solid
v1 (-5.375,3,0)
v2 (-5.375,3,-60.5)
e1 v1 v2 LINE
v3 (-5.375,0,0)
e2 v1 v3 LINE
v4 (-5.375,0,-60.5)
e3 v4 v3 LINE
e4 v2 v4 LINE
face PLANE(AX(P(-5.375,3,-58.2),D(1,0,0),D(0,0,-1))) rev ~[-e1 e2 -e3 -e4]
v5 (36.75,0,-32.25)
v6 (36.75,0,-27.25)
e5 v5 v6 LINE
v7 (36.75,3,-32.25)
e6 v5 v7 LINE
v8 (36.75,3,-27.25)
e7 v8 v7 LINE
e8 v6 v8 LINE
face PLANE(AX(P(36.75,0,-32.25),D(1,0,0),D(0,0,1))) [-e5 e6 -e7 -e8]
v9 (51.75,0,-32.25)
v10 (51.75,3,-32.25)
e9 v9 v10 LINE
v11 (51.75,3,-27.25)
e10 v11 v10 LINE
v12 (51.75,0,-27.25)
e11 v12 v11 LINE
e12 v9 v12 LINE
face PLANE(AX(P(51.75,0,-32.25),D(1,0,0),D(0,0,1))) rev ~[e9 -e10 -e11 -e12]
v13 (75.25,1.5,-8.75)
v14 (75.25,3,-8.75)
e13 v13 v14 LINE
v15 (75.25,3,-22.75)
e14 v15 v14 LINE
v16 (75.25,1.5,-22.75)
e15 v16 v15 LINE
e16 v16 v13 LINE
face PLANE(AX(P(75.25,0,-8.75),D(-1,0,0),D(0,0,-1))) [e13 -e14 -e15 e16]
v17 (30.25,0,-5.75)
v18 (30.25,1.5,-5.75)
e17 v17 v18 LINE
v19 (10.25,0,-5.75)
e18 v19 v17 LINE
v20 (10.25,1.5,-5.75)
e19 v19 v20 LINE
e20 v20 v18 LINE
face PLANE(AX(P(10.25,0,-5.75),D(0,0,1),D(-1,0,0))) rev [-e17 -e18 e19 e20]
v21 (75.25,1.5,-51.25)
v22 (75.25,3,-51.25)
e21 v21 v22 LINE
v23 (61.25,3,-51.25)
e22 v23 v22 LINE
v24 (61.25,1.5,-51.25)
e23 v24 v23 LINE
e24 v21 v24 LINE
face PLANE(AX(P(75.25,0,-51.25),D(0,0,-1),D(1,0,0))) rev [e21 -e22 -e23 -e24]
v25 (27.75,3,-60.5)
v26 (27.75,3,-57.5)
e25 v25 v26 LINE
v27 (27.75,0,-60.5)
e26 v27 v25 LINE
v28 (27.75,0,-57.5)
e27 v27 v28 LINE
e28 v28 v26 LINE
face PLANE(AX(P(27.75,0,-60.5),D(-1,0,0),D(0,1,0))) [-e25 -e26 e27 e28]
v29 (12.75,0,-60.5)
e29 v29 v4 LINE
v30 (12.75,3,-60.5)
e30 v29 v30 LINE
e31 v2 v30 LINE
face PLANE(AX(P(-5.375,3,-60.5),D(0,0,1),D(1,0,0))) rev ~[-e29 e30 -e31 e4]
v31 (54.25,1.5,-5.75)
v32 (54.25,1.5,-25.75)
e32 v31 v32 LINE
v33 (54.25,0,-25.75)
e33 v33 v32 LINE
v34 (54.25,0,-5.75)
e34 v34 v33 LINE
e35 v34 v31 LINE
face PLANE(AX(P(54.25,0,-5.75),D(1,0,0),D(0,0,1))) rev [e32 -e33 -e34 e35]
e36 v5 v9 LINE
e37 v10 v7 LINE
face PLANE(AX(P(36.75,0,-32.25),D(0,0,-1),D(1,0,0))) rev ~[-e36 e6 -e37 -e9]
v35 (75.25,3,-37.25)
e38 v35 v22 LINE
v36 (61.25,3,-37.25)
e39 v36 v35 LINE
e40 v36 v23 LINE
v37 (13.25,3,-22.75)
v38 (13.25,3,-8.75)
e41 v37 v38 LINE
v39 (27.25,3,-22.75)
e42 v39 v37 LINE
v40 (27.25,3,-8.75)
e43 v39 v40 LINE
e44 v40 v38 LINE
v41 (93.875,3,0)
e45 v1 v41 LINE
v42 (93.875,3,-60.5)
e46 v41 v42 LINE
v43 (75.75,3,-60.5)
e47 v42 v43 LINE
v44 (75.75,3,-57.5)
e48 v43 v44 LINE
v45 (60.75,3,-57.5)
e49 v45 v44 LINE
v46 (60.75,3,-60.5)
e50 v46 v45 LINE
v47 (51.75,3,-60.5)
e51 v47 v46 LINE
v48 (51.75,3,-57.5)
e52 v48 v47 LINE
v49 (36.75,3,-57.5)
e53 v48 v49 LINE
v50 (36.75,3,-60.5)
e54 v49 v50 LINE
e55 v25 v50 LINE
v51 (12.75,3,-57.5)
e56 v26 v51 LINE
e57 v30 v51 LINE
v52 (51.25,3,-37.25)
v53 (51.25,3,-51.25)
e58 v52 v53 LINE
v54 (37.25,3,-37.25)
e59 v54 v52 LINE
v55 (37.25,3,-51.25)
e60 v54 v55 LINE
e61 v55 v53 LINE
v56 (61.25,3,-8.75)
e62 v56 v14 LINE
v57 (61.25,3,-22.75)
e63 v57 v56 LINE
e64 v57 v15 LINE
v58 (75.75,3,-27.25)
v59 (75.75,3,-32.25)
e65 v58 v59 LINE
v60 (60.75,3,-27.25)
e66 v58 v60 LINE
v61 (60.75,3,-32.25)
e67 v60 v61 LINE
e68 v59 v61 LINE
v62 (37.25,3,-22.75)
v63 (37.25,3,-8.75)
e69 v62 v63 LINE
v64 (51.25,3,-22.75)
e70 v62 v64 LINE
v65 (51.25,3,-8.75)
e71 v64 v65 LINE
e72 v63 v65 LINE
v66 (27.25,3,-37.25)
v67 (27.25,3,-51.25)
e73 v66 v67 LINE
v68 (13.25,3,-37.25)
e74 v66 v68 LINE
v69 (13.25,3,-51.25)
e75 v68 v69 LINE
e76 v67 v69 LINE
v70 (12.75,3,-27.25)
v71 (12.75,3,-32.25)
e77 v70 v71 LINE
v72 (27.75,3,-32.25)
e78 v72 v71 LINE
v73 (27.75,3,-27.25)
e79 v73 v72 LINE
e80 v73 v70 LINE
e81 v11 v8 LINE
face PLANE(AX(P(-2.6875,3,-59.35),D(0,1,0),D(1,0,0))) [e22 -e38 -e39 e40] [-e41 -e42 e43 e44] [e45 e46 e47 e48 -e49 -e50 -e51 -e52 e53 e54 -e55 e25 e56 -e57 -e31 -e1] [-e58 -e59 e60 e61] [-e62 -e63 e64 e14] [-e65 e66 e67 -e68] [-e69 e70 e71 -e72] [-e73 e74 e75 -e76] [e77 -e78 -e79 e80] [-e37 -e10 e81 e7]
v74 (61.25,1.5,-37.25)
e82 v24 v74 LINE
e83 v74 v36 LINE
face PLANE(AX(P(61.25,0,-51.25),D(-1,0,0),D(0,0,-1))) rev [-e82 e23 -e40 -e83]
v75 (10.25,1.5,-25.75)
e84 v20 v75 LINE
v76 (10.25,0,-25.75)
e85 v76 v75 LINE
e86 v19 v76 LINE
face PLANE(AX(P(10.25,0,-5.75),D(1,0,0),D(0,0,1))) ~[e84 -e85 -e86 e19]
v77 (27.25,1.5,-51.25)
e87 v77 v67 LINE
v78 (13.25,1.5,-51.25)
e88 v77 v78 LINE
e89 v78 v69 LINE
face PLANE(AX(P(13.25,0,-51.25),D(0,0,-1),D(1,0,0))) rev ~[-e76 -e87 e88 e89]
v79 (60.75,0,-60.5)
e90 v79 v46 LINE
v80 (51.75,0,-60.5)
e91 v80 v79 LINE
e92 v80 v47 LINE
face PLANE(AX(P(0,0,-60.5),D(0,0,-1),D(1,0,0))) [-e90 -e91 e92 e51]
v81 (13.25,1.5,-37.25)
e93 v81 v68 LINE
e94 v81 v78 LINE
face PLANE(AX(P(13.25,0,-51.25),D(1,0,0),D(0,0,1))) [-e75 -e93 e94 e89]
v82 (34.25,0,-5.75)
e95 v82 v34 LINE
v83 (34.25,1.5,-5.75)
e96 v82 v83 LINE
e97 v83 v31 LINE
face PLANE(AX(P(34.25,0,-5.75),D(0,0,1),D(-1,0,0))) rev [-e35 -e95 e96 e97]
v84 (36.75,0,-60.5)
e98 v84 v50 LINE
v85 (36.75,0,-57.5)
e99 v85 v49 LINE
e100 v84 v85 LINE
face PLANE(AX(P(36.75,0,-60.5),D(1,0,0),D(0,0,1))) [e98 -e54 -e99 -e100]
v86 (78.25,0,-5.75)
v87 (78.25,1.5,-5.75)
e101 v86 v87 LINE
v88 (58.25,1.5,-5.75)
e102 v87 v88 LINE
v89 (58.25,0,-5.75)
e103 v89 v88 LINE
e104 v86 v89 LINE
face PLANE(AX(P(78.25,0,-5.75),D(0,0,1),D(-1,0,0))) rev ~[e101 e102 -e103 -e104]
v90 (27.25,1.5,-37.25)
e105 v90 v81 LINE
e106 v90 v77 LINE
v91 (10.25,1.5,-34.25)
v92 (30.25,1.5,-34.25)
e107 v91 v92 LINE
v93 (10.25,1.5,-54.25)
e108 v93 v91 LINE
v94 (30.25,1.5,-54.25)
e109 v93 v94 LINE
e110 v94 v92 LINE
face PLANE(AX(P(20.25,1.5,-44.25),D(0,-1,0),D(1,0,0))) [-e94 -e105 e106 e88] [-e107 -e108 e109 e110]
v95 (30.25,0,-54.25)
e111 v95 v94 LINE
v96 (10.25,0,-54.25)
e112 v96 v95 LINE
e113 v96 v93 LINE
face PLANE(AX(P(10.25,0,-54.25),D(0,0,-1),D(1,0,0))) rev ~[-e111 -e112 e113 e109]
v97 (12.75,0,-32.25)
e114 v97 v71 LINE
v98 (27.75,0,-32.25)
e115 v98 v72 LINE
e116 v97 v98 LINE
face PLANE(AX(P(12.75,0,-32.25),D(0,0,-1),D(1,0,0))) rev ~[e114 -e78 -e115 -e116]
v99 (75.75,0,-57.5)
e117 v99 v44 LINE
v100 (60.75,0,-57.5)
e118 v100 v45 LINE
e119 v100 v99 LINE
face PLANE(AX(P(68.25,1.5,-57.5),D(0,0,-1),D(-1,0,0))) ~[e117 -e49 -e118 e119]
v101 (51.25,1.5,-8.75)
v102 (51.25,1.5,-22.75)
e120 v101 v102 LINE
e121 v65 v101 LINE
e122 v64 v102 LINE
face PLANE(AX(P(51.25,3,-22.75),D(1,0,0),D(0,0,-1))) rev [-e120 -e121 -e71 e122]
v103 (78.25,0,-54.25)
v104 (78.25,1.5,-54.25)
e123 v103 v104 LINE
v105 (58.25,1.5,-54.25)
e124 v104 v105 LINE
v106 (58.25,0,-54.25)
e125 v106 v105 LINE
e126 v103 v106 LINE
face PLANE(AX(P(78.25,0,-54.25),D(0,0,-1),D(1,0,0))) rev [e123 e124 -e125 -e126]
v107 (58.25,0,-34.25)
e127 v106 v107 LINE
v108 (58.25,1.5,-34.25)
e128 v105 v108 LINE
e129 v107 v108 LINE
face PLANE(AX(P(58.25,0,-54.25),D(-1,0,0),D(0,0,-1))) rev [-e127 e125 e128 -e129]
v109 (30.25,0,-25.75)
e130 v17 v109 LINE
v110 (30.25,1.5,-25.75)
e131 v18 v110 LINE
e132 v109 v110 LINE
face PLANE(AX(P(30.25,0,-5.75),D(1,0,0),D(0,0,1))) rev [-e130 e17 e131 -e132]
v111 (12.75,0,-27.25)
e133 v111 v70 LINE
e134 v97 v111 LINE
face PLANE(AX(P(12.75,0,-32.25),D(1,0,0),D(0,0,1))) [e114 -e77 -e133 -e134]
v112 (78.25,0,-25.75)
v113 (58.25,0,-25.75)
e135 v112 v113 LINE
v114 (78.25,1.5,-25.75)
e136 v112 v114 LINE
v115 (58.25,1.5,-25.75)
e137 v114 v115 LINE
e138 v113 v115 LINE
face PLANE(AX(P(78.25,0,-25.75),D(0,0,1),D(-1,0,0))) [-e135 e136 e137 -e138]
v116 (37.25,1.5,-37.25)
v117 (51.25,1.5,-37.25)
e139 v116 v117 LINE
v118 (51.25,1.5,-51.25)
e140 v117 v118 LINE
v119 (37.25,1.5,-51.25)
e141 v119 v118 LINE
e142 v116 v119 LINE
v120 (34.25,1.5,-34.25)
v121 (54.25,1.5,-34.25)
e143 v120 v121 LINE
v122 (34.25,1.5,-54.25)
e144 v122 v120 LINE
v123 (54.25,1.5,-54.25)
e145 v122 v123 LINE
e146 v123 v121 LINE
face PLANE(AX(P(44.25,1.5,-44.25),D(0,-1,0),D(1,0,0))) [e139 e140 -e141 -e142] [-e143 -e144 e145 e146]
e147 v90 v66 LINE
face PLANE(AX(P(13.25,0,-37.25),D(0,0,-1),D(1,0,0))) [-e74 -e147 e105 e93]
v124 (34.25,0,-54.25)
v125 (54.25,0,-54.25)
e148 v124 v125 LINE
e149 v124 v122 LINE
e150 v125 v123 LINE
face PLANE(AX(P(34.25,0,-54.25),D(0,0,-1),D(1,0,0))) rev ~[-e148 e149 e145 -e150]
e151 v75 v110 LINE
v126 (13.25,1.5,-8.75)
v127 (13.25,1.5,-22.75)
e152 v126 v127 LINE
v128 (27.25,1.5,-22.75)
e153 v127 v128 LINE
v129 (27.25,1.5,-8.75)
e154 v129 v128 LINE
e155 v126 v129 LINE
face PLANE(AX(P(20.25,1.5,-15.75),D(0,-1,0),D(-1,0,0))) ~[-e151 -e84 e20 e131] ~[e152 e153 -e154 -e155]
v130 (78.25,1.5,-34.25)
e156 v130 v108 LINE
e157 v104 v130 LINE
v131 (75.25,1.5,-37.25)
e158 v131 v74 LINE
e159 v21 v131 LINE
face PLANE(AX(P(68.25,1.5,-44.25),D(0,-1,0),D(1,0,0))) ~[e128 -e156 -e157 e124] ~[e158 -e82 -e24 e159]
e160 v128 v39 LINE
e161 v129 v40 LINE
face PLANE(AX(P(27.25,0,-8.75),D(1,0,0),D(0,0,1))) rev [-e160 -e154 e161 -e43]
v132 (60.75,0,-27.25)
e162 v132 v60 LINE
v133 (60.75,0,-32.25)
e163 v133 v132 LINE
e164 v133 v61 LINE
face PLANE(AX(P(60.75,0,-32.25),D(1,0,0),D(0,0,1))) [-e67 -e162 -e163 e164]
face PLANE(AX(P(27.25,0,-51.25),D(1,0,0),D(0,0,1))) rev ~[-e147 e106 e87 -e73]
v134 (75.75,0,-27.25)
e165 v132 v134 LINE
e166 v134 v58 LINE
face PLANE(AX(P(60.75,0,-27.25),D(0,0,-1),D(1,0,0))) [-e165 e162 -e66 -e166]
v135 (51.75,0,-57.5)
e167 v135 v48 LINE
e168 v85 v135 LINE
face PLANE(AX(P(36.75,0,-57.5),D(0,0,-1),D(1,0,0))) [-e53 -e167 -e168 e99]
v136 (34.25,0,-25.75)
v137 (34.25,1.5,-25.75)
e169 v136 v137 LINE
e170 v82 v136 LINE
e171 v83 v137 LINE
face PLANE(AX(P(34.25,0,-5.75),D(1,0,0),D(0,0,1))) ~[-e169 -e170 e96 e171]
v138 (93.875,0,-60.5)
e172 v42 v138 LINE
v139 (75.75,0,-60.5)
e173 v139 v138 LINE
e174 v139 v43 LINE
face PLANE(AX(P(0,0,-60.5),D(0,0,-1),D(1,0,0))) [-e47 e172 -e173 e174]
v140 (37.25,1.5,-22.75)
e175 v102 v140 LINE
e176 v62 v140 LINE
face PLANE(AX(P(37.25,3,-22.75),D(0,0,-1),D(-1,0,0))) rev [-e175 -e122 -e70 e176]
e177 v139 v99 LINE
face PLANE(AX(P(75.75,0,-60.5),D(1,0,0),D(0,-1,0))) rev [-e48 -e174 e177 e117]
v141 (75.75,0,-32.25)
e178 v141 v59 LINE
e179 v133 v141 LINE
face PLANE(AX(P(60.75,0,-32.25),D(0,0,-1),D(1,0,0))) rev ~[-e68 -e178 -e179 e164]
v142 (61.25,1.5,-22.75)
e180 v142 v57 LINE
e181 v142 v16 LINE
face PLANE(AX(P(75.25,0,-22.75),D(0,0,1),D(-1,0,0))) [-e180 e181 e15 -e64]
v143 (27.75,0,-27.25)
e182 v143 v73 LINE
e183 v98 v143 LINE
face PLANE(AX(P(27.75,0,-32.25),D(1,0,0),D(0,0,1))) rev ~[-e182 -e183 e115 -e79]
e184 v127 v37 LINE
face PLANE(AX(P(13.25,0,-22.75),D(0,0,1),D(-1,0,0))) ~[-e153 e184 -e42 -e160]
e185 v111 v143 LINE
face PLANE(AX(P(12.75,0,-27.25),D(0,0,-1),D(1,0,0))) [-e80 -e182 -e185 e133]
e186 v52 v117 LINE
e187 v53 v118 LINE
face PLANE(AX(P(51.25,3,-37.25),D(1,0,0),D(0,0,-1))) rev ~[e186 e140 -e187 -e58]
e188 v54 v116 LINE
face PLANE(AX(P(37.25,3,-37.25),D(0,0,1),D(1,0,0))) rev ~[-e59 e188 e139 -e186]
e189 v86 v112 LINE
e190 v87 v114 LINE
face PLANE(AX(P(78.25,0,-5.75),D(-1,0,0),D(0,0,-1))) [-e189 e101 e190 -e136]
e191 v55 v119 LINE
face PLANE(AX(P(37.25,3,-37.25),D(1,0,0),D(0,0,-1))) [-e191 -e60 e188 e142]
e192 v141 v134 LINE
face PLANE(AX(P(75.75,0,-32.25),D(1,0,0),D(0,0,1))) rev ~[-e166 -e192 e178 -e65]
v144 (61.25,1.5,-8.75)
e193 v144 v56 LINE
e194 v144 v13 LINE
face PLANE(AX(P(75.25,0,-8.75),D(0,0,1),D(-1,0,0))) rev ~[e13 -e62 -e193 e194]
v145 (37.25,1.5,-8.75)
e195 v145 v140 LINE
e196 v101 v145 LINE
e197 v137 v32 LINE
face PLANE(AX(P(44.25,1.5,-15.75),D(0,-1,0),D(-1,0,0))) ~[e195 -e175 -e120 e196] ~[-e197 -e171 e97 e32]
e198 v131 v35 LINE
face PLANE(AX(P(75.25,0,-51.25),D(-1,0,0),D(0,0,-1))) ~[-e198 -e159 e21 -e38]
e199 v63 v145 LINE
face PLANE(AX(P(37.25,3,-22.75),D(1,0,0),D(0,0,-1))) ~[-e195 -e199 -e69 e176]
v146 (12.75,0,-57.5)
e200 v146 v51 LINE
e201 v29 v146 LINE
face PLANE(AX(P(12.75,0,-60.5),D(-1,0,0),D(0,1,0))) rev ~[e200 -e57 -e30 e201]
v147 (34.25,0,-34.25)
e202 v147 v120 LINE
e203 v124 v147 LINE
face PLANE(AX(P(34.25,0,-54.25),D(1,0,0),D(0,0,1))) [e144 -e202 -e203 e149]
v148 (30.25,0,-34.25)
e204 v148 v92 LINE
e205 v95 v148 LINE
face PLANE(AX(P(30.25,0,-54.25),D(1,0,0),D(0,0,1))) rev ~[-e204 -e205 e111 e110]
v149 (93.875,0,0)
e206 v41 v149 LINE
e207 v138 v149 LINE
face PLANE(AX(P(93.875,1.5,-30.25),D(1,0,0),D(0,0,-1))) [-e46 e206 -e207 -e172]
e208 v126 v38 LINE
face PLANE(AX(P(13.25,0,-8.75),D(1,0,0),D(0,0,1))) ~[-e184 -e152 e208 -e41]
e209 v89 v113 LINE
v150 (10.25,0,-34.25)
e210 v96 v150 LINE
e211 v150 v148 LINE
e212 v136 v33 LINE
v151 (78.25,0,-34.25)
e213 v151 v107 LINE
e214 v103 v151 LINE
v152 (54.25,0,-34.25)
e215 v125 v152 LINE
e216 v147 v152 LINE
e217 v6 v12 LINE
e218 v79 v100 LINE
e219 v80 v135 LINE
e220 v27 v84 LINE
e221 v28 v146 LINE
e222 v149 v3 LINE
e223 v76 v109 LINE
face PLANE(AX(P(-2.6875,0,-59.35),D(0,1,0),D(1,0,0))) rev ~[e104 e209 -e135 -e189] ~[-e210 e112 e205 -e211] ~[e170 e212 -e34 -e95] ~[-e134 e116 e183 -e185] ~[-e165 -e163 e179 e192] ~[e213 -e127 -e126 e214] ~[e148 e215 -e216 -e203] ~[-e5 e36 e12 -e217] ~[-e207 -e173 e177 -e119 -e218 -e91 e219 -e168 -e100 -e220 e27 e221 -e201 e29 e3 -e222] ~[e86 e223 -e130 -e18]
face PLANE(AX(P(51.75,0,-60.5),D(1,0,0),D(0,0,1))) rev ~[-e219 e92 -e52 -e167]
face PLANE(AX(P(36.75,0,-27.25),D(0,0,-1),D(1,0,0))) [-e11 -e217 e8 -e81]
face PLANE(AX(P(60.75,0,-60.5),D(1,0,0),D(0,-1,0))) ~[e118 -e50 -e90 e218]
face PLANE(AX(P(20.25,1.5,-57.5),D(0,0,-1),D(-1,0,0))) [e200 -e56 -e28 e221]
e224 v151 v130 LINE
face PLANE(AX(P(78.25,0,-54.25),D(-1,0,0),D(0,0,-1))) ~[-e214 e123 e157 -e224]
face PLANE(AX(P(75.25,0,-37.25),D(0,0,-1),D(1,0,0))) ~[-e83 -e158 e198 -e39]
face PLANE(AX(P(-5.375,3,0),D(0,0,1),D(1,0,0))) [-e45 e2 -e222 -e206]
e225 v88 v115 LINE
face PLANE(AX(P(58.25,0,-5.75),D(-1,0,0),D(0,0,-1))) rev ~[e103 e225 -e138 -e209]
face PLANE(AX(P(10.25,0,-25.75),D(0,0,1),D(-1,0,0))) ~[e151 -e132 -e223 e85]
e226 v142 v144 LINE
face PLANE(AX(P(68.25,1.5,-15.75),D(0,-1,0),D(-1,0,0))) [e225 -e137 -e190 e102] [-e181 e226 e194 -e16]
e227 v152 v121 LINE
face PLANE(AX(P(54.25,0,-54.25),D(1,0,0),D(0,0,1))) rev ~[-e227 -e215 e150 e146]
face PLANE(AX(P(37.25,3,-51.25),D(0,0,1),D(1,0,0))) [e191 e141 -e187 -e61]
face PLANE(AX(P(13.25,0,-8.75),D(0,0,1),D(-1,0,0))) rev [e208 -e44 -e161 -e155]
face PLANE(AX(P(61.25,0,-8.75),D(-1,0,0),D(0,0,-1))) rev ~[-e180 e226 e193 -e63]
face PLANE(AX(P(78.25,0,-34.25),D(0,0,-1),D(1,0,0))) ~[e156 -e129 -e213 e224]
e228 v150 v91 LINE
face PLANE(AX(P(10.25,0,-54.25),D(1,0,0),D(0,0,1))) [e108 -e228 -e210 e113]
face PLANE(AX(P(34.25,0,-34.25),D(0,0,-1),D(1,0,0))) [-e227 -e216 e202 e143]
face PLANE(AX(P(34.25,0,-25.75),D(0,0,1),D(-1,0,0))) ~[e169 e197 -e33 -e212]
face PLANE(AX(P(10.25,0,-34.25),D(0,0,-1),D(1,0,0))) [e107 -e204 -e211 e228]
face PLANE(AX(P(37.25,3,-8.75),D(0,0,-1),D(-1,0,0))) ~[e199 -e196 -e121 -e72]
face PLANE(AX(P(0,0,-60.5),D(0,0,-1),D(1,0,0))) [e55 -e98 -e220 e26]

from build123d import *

# Parameters (mm, degrees)
SKETCH1_W               = 88.5
SKETCH1_H               = 60.5
BOSS_EXTRUDE1_DEPTH     = 3
SKETCH2_W               = 55.9
SKETCH2_H               = 3
BOSS_EXTRUDE2_DEPTH     = 5.375
SKETCH3_W               = 14
SKETCH3_H               = 14
CUT_EXTRUDE4_DEPTH      = 112.72182251
SKETCH7_W               = 20
SKETCH7_H               = 20
CUT_EXTRUDE5_DEPTH      = 1.5
SKETCH9_W               = 15
SKETCH9_H               = 3
CUT_EXTRUDE6_DEPTH      = 3
SKETCH10_W              = 14
SKETCH10_H              = 14
CUT_EXTRUDE7_DEPTH      = 10
SKETCH11_W              = 20
SKETCH11_H              = 20
CUT_EXTRUDE8_DEPTH      = 1.5
SKETCH12_W              = 15
SKETCH12_H              = 3
CUT_EXTRUDE9_DEPTH      = 40
MIRROR8_COPY_1_SKETCH_W = 14
MIRROR8_COPY_1_SKETCH_H = 14
MIRROR8_COPY_1_DEPTH    = 112.72182251
MIRROR8_COPY_2_SKETCH_W = 20
MIRROR8_COPY_2_SKETCH_H = 20
MIRROR8_COPY_2_DEPTH    = 1.5
SKETCH13_W              = 5.375
SKETCH13_H              = 2.3
BOSS_EXTRUDE3_DEPTH     = 3
SKETCH15_W              = 15
SKETCH15_H              = 5
CUT_EXTRUDE11_DEPTH     = 112.72182251


with BuildPart() as part:
    # Sketch1 → Boss-Extrude1 (new body)
    with BuildSketch(Plane(origin=(0, 0, 0), x_dir=(1, 0, 0), z_dir=(0, 1, 0))):
        with Locations((44.25, 30.25)):
            Rectangle(SKETCH1_W, SKETCH1_H)
    extrude(amount=BOSS_EXTRUDE1_DEPTH)

    # Sketch2 → Boss-Extrude2 (add)
    with BuildSketch(Plane(origin=(88.5, 0, 0), x_dir=(0, 0, -1), z_dir=(1, 0, 0))):
        with Locations((30.25, 1.5)):
            Rectangle(SKETCH2_W, SKETCH2_H)
    boss_extrude2 = extrude(amount=BOSS_EXTRUDE2_DEPTH)

    # Mirror2: Boss-Extrude2 across plane
    add(boss_extrude2.mirror(Plane(origin=(44.25, 0, 0), x_dir=(0, 0, 1), z_dir=(1, 0, 0))))

    # Sketch3 → Cut-Extrude4 (cut, through all)
    with BuildSketch(Plane.XZ):
        with Locations((20.25, -44.25)):
            Rectangle(SKETCH3_W, SKETCH3_H)
    cut_extrude4 = extrude(amount=-CUT_EXTRUDE4_DEPTH, mode=Mode.SUBTRACT)

    # Sketch7 → Cut-Extrude5 (cut)
    with BuildSketch(Plane.XZ):
        with Locations((20.25, -44.25)):
            Rectangle(SKETCH7_W, SKETCH7_H)
    cut_extrude5 = extrude(amount=-CUT_EXTRUDE5_DEPTH, mode=Mode.SUBTRACT)

    # Mirror4: Cut-Extrude4, Cut-Extrude5 across plane
    add(cut_extrude4.mirror(Plane(origin=(44.25, 0, 0), x_dir=(0, 0, 1), z_dir=(1, 0, 0))), mode=Mode.SUBTRACT)
    add(cut_extrude5.mirror(Plane(origin=(44.25, 0, 0), x_dir=(0, 0, 1), z_dir=(1, 0, 0))), mode=Mode.SUBTRACT)

    # Sketch9 → Cut-Extrude6 (cut)
    with BuildSketch(Plane(origin=(0, 0, -60.5), x_dir=(-1, 0, 0), z_dir=(0, 0, -1))):
        with Locations((-20.25, 1.5)):
            Rectangle(SKETCH9_W, SKETCH9_H)
    cut_extrude6 = extrude(amount=-CUT_EXTRUDE6_DEPTH, mode=Mode.SUBTRACT)

    # Mirror6: Cut-Extrude6 across plane
    add(cut_extrude6.mirror(Plane(origin=(44.25, 0, 0), x_dir=(0, 0, 1), z_dir=(1, 0, 0))), mode=Mode.SUBTRACT)

    # Sketch10 → Cut-Extrude7 (cut)
    with BuildSketch(Plane(origin=(0, 3, 0), x_dir=(1, 0, 0), z_dir=(0, 1, 0))):
        with Locations((44.25, 44.25)):
            Rectangle(SKETCH10_W, SKETCH10_H)
    cut_extrude7 = extrude(amount=-CUT_EXTRUDE7_DEPTH, mode=Mode.SUBTRACT)

    # Sketch11 → Cut-Extrude8 (cut)
    with BuildSketch(Plane.XZ):
        with Locations((44.25, -44.25)):
            Rectangle(SKETCH11_W, SKETCH11_H)
    cut_extrude8 = extrude(amount=-CUT_EXTRUDE8_DEPTH, mode=Mode.SUBTRACT)

    # Sketch12 → Cut-Extrude9 (cut)
    with BuildSketch(Plane.XZ):
        with Locations((44.25, -59)):
            Rectangle(SKETCH12_W, SKETCH12_H)
    extrude(amount=-CUT_EXTRUDE9_DEPTH, mode=Mode.SUBTRACT)

    # Mirror8: Cut-Extrude4, Cut-Extrude5, Cut-Extrude7, Cut-Extrude8 across plane
    add(cut_extrude4.mirror(Plane.XY.offset(-30)), mode=Mode.SUBTRACT)
    add(cut_extrude5.mirror(Plane.XY.offset(-30)), mode=Mode.SUBTRACT)
    add(cut_extrude7.mirror(Plane.XY.offset(-30)), mode=Mode.SUBTRACT)
    add(cut_extrude8.mirror(Plane.XY.offset(-30)), mode=Mode.SUBTRACT)

    # Mirror8 copy 1 sketch → Mirror8 copy 1 (cut, through all)
    with BuildSketch(Plane(origin=(88.5, 0, -60), x_dir=(-1, 0, 0), z_dir=(0, -1, 0))):
        with Locations((20.25, -44.25)):
            Rectangle(MIRROR8_COPY_1_SKETCH_W, MIRROR8_COPY_1_SKETCH_H)
    extrude(amount=-MIRROR8_COPY_1_DEPTH, mode=Mode.SUBTRACT)

    # Mirror8 copy 2 sketch → Mirror8 copy 2 (cut)
    with BuildSketch(Plane(origin=(88.5, 0, -60), x_dir=(-1, 0, 0), z_dir=(0, -1, 0))):
        with Locations((20.25, -44.25)):
            Rectangle(MIRROR8_COPY_2_SKETCH_W, MIRROR8_COPY_2_SKETCH_H)
    extrude(amount=-MIRROR8_COPY_2_DEPTH, mode=Mode.SUBTRACT)

    # Sketch13 → Boss-Extrude3 (add)
    with BuildSketch(Plane(origin=(0, 3, 0), x_dir=(1, 0, 0), z_dir=(0, 1, 0))):
        with Locations((-2.6875, 59.35)):
            Rectangle(SKETCH13_W, SKETCH13_H)
        with Locations((-2.6875, 1.15)):
            Rectangle(SKETCH13_W, SKETCH13_H)
        with Locations((91.1875, 1.15)):
            Rectangle(SKETCH13_W, SKETCH13_H)
        with Locations((91.1875, 59.35)):
            Rectangle(SKETCH13_W, SKETCH13_H)
    extrude(amount=-BOSS_EXTRUDE3_DEPTH)

    # Sketch15 → Cut-Extrude11 (cut, through all)
    with BuildSketch(Plane.XZ):
        with Locations((20.25, -29.75)):
            Rectangle(SKETCH15_W, SKETCH15_H)
        with Locations((44.25, -29.75)):
            Rectangle(SKETCH15_W, SKETCH15_H)
        with Locations((68.25, -29.75)):
            Rectangle(SKETCH15_W, SKETCH15_H)
    extrude(amount=-CUT_EXTRUDE11_DEPTH, mode=Mode.SUBTRACT)


solid = part.part
